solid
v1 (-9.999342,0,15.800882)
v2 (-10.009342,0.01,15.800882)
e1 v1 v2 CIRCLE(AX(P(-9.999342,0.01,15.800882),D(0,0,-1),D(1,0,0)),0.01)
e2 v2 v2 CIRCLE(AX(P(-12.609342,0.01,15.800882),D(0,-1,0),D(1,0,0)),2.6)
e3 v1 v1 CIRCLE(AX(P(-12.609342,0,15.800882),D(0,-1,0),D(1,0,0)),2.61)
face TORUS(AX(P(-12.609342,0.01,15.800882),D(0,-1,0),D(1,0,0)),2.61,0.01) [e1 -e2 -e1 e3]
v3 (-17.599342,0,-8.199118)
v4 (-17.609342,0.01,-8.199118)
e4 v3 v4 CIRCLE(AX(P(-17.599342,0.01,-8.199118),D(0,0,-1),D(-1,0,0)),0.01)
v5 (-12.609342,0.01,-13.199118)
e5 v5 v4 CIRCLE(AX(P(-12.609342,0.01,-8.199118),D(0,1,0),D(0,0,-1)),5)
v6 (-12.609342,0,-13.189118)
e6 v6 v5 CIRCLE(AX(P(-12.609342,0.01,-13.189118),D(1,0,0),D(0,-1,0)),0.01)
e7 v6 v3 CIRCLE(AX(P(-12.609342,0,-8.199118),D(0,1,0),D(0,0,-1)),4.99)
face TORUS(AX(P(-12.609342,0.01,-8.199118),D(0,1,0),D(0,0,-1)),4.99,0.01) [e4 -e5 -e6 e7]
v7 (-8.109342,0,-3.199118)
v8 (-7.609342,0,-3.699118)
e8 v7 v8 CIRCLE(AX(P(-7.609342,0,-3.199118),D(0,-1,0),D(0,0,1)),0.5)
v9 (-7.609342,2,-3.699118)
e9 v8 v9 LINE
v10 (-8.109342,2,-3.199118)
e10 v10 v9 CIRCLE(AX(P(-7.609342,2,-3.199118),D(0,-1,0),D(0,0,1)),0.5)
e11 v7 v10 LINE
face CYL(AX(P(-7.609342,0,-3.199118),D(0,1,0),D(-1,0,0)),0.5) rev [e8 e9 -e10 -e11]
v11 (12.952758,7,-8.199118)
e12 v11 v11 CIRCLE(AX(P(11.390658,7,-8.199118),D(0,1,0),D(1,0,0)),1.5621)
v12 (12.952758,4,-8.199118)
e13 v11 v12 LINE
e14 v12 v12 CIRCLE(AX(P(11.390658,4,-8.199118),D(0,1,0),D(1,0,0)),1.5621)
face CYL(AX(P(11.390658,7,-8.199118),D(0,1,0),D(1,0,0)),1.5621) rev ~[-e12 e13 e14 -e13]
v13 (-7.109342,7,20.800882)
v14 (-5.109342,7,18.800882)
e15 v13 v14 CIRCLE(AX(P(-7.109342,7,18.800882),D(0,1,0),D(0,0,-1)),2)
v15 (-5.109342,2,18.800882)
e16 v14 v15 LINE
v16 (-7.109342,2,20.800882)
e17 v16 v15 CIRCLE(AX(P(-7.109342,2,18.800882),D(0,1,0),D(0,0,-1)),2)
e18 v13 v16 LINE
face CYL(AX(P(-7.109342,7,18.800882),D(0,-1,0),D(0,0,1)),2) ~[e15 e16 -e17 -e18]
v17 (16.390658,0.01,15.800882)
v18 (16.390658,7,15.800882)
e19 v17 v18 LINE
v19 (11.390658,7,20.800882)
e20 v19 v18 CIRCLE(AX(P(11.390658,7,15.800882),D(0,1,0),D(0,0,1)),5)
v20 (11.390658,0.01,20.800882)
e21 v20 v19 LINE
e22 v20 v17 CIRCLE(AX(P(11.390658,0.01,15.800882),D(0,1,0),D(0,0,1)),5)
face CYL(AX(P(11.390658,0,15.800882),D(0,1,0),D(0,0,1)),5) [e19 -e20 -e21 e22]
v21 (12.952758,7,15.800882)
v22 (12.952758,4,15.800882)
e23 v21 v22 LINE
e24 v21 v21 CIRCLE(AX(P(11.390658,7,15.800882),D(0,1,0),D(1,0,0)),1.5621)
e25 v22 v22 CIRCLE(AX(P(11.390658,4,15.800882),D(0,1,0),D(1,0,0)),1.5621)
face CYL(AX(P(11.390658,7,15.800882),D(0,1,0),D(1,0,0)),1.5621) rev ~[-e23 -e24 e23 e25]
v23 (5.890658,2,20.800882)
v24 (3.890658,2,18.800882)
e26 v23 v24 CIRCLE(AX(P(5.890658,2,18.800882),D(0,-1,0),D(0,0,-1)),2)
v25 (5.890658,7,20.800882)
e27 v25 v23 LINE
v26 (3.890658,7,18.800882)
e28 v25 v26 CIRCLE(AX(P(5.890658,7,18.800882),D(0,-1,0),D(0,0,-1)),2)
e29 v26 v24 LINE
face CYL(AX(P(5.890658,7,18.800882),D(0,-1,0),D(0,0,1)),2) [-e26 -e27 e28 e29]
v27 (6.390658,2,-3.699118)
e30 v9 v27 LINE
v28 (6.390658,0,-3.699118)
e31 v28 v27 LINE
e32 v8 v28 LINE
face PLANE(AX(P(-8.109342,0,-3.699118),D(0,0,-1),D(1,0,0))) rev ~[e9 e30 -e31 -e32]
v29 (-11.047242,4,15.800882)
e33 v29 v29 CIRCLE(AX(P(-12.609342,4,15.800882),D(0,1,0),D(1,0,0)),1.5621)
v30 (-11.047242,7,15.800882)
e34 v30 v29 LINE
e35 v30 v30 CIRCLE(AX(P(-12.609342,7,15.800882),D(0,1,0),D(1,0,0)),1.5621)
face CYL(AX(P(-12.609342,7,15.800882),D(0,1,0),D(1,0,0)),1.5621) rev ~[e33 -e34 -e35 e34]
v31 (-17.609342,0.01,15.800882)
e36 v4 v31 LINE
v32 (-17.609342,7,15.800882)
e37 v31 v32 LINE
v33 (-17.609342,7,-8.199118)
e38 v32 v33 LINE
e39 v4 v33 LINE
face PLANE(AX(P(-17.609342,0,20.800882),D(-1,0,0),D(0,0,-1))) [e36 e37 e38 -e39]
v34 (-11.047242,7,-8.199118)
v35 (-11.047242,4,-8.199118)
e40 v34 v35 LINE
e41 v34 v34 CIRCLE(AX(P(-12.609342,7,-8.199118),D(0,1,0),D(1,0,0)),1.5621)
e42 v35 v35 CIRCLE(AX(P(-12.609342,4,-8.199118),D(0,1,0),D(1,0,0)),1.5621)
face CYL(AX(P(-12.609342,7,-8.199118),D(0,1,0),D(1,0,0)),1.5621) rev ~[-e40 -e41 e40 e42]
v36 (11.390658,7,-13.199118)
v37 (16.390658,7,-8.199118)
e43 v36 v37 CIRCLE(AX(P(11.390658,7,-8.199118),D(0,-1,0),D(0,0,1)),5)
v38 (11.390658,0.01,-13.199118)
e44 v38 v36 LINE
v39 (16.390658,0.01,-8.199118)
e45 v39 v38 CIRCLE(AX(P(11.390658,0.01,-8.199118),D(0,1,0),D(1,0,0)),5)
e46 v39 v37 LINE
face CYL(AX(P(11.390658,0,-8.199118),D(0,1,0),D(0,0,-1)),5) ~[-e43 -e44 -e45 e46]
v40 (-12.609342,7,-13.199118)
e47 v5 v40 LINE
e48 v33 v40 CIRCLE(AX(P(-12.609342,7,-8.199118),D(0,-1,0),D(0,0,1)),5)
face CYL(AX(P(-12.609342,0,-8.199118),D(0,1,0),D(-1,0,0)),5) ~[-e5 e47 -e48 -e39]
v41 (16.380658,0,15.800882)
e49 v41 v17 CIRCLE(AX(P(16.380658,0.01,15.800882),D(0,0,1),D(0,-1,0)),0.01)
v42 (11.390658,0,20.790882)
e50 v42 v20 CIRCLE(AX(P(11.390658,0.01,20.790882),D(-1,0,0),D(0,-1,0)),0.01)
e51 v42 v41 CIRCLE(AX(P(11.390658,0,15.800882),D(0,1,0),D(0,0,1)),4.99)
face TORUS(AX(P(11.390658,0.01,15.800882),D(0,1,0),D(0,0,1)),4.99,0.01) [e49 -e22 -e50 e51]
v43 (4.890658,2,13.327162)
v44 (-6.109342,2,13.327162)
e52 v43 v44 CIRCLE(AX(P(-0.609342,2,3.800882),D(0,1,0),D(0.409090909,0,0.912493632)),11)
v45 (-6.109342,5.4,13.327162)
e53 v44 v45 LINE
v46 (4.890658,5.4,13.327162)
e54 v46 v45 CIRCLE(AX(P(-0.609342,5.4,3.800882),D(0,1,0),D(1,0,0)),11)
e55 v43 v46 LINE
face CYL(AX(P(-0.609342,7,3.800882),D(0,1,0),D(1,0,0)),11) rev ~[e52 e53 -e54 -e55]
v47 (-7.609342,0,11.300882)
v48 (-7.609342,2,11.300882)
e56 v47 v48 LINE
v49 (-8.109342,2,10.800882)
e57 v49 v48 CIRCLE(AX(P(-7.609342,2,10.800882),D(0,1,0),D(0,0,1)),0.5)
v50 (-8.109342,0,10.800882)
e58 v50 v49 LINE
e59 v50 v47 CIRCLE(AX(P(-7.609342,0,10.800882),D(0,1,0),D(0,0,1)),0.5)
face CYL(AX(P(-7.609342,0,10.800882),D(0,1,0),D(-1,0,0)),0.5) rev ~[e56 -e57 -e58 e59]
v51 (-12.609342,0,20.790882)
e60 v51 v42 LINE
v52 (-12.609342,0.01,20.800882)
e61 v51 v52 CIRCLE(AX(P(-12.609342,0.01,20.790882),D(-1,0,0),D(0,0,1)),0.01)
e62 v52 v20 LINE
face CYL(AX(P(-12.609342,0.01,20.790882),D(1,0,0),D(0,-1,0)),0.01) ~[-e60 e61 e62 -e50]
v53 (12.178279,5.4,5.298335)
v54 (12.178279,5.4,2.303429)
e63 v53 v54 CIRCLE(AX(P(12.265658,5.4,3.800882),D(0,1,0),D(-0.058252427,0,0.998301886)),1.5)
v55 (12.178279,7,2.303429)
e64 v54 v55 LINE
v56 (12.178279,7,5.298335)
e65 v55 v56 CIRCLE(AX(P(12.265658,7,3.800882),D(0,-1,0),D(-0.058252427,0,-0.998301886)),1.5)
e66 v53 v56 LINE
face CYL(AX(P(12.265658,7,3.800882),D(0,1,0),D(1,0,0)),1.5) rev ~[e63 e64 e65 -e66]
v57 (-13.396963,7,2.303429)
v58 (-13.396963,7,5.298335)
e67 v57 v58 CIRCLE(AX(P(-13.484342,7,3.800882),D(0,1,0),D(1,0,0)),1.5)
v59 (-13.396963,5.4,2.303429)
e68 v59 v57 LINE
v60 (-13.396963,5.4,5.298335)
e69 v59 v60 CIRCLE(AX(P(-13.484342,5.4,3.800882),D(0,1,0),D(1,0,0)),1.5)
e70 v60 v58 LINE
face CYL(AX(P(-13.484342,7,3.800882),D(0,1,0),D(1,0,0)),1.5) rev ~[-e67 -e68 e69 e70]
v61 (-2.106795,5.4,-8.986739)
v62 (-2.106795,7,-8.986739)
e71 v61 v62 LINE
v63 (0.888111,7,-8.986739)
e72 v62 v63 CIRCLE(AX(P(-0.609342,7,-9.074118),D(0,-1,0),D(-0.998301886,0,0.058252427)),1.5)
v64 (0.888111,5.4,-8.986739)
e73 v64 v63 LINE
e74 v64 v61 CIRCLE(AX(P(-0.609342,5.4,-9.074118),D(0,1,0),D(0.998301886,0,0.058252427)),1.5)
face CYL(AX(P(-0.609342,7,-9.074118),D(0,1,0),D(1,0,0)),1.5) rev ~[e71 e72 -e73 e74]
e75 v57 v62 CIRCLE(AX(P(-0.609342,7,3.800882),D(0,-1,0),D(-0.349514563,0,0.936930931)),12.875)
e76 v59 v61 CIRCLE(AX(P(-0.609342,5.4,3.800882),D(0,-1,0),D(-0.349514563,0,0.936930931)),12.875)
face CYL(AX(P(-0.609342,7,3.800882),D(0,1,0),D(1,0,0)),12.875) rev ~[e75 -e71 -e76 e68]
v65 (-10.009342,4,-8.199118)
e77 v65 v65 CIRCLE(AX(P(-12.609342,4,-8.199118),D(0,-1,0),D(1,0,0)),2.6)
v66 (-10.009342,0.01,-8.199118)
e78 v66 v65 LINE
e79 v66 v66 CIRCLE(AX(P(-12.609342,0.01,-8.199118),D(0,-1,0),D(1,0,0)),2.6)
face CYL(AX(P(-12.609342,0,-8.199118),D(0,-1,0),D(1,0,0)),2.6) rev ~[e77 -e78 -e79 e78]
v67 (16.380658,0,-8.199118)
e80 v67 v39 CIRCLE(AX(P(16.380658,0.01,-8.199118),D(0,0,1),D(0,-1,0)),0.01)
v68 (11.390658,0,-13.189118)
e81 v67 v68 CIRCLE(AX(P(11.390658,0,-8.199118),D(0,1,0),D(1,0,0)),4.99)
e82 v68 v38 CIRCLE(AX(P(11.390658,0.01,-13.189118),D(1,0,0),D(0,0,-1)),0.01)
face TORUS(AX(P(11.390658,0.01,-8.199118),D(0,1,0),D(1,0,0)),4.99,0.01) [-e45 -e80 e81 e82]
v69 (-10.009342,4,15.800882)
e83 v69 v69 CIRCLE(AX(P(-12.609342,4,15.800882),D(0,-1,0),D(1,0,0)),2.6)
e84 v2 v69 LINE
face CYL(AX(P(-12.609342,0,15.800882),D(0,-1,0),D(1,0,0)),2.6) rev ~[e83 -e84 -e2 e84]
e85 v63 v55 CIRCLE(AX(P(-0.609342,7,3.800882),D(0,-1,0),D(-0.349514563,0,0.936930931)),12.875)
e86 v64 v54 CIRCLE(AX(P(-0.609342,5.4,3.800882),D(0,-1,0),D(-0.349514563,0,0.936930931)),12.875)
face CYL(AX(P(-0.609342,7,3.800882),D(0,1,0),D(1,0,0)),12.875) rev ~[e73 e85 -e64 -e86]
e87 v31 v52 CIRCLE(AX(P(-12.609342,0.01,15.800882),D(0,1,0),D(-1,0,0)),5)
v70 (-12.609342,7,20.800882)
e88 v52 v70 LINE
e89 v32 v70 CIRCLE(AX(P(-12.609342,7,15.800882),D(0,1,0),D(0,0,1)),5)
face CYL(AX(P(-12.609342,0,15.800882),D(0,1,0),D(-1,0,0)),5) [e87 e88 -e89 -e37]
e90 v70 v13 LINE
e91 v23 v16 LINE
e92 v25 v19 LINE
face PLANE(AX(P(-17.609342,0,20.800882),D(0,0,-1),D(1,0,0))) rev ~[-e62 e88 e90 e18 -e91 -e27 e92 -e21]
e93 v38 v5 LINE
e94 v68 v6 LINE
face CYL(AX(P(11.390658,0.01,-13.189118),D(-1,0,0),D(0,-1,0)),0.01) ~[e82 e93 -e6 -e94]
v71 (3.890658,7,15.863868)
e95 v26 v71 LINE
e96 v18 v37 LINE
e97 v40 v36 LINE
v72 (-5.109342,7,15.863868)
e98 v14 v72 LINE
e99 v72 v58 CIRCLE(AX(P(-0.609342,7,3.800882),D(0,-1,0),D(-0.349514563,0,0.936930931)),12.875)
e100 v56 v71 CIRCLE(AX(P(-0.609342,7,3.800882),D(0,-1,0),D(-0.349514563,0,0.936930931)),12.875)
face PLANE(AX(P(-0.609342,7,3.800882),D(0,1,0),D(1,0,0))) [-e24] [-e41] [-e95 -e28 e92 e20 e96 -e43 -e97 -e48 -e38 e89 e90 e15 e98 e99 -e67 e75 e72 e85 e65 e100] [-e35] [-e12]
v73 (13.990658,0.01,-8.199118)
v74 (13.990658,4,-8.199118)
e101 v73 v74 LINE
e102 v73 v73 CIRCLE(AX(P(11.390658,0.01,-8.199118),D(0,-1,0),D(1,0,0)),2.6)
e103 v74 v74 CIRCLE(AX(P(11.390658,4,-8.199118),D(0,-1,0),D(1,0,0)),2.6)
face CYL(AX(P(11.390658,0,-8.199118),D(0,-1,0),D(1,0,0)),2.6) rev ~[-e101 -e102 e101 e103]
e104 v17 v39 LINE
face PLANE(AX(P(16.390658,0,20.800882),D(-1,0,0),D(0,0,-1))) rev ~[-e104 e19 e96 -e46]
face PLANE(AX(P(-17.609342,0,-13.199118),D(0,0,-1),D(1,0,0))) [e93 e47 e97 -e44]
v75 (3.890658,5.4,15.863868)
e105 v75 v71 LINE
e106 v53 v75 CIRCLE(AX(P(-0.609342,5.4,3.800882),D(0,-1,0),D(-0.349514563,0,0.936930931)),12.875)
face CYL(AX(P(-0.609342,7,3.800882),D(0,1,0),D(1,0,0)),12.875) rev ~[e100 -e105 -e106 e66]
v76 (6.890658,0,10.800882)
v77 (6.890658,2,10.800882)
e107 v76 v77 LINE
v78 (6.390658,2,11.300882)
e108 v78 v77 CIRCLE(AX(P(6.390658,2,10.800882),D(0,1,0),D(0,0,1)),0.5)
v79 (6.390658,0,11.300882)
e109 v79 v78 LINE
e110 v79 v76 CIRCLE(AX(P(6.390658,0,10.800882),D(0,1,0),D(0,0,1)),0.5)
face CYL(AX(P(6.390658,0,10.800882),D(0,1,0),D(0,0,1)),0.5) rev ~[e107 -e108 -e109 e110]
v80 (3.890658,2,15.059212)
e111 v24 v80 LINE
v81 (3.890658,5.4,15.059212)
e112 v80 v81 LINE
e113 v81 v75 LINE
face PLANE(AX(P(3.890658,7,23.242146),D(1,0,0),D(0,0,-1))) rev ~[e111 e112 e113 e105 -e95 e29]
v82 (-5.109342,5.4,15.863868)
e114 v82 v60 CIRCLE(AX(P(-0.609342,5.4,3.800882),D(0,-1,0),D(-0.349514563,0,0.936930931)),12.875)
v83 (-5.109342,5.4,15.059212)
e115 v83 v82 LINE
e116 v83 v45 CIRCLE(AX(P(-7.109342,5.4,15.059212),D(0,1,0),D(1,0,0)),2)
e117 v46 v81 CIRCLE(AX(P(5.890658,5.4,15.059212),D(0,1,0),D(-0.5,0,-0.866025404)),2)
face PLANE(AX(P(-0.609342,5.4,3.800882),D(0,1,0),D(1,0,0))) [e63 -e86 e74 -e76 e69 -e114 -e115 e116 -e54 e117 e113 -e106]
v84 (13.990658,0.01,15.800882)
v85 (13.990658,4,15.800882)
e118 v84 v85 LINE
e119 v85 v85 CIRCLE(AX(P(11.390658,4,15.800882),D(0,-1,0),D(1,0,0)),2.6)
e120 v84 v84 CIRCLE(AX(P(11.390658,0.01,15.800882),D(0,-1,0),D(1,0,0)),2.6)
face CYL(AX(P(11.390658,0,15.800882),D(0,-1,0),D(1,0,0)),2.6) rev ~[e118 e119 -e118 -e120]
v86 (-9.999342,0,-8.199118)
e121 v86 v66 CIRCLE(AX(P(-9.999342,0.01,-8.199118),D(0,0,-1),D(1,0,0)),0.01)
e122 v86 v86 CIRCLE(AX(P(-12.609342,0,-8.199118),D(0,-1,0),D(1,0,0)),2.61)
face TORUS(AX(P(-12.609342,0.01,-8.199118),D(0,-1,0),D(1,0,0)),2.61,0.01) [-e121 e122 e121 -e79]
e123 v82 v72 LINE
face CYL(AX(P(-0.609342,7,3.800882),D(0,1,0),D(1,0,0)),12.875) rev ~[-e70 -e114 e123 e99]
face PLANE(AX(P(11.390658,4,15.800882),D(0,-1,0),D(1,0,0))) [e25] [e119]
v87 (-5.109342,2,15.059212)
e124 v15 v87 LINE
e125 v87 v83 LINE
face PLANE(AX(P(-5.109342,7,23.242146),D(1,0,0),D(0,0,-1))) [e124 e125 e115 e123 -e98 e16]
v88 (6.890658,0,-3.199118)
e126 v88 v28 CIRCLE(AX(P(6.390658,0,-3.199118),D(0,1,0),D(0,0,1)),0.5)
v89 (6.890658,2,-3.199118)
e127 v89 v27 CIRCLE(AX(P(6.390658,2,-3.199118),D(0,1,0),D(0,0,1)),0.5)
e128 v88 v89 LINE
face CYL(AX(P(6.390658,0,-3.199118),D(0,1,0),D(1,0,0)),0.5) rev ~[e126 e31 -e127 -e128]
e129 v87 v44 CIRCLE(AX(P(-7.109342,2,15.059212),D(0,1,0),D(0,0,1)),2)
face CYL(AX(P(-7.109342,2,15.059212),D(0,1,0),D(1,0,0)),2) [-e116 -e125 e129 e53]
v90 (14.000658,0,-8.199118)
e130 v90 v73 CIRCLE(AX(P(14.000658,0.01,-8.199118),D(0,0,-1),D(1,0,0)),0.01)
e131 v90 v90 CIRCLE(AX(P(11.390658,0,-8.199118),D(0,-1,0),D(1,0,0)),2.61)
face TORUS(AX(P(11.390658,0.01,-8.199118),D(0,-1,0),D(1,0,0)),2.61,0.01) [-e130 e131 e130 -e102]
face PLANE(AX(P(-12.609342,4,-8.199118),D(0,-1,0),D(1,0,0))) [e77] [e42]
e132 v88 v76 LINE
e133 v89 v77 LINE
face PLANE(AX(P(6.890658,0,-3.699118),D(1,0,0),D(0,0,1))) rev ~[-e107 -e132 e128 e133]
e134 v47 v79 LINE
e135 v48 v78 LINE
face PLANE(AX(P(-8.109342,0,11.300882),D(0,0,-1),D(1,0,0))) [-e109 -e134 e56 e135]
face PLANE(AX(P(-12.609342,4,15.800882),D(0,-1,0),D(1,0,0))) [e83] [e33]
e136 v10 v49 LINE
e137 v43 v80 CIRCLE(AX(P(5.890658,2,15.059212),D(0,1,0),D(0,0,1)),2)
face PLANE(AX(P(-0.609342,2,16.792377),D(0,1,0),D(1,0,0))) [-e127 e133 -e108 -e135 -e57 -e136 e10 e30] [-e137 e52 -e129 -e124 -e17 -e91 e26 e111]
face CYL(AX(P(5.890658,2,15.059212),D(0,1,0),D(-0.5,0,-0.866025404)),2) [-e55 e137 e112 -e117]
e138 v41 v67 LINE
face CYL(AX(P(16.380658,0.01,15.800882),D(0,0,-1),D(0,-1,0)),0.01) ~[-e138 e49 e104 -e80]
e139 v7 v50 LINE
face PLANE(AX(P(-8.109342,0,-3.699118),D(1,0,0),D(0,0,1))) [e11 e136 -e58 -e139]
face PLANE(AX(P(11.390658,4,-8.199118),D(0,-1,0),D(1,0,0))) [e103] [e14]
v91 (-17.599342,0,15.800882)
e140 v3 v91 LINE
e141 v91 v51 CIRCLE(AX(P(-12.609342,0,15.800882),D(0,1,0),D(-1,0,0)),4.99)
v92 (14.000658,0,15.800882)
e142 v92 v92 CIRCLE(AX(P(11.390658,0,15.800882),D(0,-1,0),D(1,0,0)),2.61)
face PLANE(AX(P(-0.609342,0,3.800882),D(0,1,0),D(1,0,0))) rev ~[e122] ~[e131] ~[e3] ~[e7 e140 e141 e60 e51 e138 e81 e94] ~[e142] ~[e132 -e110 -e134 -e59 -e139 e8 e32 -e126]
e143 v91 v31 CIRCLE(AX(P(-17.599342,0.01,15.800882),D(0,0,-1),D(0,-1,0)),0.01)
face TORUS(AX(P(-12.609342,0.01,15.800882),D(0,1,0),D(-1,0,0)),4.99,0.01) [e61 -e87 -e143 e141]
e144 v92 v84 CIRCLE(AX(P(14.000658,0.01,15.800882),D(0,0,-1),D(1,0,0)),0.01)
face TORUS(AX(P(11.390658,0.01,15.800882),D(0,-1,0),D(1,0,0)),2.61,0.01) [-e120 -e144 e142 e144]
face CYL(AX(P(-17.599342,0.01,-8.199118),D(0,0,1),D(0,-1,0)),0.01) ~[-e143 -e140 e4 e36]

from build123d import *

# Parameters (mm, degrees)
SKETCH1_W           = 34
SKETCH1_H           = 34
BOSS_EXTRUDE1_DEPTH = 7
SKETCH2_R           = 11
CUT_EXTRUDE1_DEPTH  = 5
SKETCH3_R           = 1.5621
CUT_EXTRUDE2_DEPTH  = 8
SKETCH4_W           = 9
SKETCH4_H           = 12.899537492
CUT_EXTRUDE3_DEPTH  = 5
SKETCH5_R           = 2.6
CUT_EXTRUDE4_DEPTH  = 4
FILLET1_R           = 5
FILLET2_R           = 0.01
FILLET3_R           = 2
SKETCH6_W           = 15
SKETCH6_H           = 15
CUT_EXTRUDE5_DEPTH  = 2
FILLET6_R           = 0.5
SKETCH8_R           = 12.875
CUT_EXTRUDE6_DEPTH  = 1.6
SKETCH9_R           = 1.5
CUT_EXTRUDE7_DEPTH  = 1.6


with BuildPart() as part:
    # Sketch1 → Boss-Extrude1 (new body)
    with BuildSketch(Plane(origin=(0, 0, 0), x_dir=(1, 0, 0), z_dir=(0, 1, 0))):
        with Locations((-0.609342113, -3.800882142)):
            Rectangle(SKETCH1_W, SKETCH1_H)
    extrude(amount=BOSS_EXTRUDE1_DEPTH)

    # Sketch2 → Cut-Extrude1 (cut)
    with BuildSketch(Plane(origin=(0, 7, 0), x_dir=(1, 0, 0), z_dir=(0, 1, 0))):
        with Locations((-0.609342113, -3.800882142)):
            Circle(SKETCH2_R)
    extrude(amount=-CUT_EXTRUDE1_DEPTH, mode=Mode.SUBTRACT)

    # Sketch3 → Cut-Extrude2 (cut, through all)
    with BuildSketch(Plane(origin=(0, 7, 0), x_dir=(1, 0, 0), z_dir=(0, 1, 0))):
        with Locations((-12.609342113, 8.199117858)):
            Circle(SKETCH3_R)
        with Locations((-12.609342113, -15.800882142)):
            Circle(SKETCH3_R)
        with Locations((11.390657887, -15.800882142)):
            Circle(SKETCH3_R)
        with Locations((11.390657887, 8.199117858)):
            Circle(SKETCH3_R)
    extrude(amount=-CUT_EXTRUDE2_DEPTH, mode=Mode.SUBTRACT)

    # Sketch4 → Cut-Extrude3 (cut)
    with BuildSketch(Plane(origin=(0, 7, 0), x_dir=(1, 0, 0), z_dir=(0, 1, 0))):
        with Locations((-0.609342113, -16.792376967)):
            Rectangle(SKETCH4_W, SKETCH4_H)
    extrude(amount=-CUT_EXTRUDE3_DEPTH, mode=Mode.SUBTRACT)

    # Sketch5 → Cut-Extrude4 (cut)
    with BuildSketch(Plane.XZ):
        with Locations((-12.609342113, 15.800882142)):
            Circle(SKETCH5_R)
        with Locations((11.390657887, 15.800882142)):
            Circle(SKETCH5_R)
        with Locations((-12.609342113, -8.199117858)):
            Circle(SKETCH5_R)
        with Locations((11.390657887, -8.199117858)):
            Circle(SKETCH5_R)
    extrude(amount=-CUT_EXTRUDE4_DEPTH, mode=Mode.SUBTRACT)

    # Fillet1
    fillet1_edges = [part.edges().sort_by_distance(p)[0] for p in [
        (-17.609342113, 3.5, -13.199117858),
        (16.390657887, 3.5, -13.199117858),
        (16.390657887, 3.5, 20.800882142),
        (-17.609342113, 3.5, 20.800882142),
    ]]
    fillet(fillet1_edges, radius=FILLET1_R)

    # Fillet2
    fillet2_edges = [part.edges().sort_by_distance(p)[0] for p in [
        (-15.209342113, 0, 15.800882142),
        (8.790657887, 0, 15.800882142),
        (-15.209342113, 0, -8.199117858),
        (8.790657887, 0, -8.199117858),
        (16.390657887, 0, 3.800882142),
        (-17.609342113, 0, 3.800882142),
        (-0.609342113, 0, -13.199117858),
        (-0.609342113, 0, 20.800882142),
        (-16.144876019, 0, 19.336416048),
        (-16.144876019, 0, -11.734651764),
        (14.926191793, 0, -11.734651764),
        (14.926191793, 0, 19.336416048),
    ]]
    fillet(fillet2_edges, radius=FILLET2_R)

    # Fillet3
    fillet3_edges = [part.edges().sort_by_distance(p)[0] for p in [
        (-5.109342113, 4.5, 20.800882142),
        (-5.109342113, 4.5, 13.838312092),
        (3.890657887, 4.5, 20.800882142),
        (3.890657887, 4.5, 13.838312092),
    ]]
    fillet(fillet3_edges, radius=FILLET3_R)

    # Sketch6 → Cut-Extrude5 (cut)
    with BuildSketch(Plane.XZ):
        with Locations((-0.609342113, 3.800882142)):
            Rectangle(SKETCH6_W, SKETCH6_H)
    extrude(amount=-CUT_EXTRUDE5_DEPTH, mode=Mode.SUBTRACT)

    # Fillet6
    fillet6_edges = [part.edges().sort_by_distance(p)[0] for p in [
        (-8.109342113, 1, -3.699117858),
        (-8.109342113, 1, 11.300882142),
        (6.890657887, 1, 11.300882142),
        (6.890657887, 1, -3.699117858),
    ]]
    fillet(fillet6_edges, radius=FILLET6_R)

    # Sketch8 → Cut-Extrude6 (cut)
    with BuildSketch(Plane(origin=(0, 7, 0), x_dir=(1, 0, 0), z_dir=(0, 1, 0))):
        with Locations((-0.609342113, -3.800882142)):
            Circle(SKETCH8_R)
    extrude(amount=-CUT_EXTRUDE6_DEPTH, mode=Mode.SUBTRACT)

    # Sketch9 → Cut-Extrude7 (cut)
    with BuildSketch(Plane(origin=(0, 7, 0), x_dir=(1, 0, 0), z_dir=(0, 1, 0))):
        with Locations((-0.609342113, 9.074117858)):
            Circle(SKETCH9_R)
        with Locations((12.265657887, -3.800882142)):
            Circle(SKETCH9_R)
        with Locations((-13.484342113, -3.800882142)):
            Circle(SKETCH9_R)
    extrude(amount=-CUT_EXTRUDE7_DEPTH, mode=Mode.SUBTRACT)


solid = part.part
